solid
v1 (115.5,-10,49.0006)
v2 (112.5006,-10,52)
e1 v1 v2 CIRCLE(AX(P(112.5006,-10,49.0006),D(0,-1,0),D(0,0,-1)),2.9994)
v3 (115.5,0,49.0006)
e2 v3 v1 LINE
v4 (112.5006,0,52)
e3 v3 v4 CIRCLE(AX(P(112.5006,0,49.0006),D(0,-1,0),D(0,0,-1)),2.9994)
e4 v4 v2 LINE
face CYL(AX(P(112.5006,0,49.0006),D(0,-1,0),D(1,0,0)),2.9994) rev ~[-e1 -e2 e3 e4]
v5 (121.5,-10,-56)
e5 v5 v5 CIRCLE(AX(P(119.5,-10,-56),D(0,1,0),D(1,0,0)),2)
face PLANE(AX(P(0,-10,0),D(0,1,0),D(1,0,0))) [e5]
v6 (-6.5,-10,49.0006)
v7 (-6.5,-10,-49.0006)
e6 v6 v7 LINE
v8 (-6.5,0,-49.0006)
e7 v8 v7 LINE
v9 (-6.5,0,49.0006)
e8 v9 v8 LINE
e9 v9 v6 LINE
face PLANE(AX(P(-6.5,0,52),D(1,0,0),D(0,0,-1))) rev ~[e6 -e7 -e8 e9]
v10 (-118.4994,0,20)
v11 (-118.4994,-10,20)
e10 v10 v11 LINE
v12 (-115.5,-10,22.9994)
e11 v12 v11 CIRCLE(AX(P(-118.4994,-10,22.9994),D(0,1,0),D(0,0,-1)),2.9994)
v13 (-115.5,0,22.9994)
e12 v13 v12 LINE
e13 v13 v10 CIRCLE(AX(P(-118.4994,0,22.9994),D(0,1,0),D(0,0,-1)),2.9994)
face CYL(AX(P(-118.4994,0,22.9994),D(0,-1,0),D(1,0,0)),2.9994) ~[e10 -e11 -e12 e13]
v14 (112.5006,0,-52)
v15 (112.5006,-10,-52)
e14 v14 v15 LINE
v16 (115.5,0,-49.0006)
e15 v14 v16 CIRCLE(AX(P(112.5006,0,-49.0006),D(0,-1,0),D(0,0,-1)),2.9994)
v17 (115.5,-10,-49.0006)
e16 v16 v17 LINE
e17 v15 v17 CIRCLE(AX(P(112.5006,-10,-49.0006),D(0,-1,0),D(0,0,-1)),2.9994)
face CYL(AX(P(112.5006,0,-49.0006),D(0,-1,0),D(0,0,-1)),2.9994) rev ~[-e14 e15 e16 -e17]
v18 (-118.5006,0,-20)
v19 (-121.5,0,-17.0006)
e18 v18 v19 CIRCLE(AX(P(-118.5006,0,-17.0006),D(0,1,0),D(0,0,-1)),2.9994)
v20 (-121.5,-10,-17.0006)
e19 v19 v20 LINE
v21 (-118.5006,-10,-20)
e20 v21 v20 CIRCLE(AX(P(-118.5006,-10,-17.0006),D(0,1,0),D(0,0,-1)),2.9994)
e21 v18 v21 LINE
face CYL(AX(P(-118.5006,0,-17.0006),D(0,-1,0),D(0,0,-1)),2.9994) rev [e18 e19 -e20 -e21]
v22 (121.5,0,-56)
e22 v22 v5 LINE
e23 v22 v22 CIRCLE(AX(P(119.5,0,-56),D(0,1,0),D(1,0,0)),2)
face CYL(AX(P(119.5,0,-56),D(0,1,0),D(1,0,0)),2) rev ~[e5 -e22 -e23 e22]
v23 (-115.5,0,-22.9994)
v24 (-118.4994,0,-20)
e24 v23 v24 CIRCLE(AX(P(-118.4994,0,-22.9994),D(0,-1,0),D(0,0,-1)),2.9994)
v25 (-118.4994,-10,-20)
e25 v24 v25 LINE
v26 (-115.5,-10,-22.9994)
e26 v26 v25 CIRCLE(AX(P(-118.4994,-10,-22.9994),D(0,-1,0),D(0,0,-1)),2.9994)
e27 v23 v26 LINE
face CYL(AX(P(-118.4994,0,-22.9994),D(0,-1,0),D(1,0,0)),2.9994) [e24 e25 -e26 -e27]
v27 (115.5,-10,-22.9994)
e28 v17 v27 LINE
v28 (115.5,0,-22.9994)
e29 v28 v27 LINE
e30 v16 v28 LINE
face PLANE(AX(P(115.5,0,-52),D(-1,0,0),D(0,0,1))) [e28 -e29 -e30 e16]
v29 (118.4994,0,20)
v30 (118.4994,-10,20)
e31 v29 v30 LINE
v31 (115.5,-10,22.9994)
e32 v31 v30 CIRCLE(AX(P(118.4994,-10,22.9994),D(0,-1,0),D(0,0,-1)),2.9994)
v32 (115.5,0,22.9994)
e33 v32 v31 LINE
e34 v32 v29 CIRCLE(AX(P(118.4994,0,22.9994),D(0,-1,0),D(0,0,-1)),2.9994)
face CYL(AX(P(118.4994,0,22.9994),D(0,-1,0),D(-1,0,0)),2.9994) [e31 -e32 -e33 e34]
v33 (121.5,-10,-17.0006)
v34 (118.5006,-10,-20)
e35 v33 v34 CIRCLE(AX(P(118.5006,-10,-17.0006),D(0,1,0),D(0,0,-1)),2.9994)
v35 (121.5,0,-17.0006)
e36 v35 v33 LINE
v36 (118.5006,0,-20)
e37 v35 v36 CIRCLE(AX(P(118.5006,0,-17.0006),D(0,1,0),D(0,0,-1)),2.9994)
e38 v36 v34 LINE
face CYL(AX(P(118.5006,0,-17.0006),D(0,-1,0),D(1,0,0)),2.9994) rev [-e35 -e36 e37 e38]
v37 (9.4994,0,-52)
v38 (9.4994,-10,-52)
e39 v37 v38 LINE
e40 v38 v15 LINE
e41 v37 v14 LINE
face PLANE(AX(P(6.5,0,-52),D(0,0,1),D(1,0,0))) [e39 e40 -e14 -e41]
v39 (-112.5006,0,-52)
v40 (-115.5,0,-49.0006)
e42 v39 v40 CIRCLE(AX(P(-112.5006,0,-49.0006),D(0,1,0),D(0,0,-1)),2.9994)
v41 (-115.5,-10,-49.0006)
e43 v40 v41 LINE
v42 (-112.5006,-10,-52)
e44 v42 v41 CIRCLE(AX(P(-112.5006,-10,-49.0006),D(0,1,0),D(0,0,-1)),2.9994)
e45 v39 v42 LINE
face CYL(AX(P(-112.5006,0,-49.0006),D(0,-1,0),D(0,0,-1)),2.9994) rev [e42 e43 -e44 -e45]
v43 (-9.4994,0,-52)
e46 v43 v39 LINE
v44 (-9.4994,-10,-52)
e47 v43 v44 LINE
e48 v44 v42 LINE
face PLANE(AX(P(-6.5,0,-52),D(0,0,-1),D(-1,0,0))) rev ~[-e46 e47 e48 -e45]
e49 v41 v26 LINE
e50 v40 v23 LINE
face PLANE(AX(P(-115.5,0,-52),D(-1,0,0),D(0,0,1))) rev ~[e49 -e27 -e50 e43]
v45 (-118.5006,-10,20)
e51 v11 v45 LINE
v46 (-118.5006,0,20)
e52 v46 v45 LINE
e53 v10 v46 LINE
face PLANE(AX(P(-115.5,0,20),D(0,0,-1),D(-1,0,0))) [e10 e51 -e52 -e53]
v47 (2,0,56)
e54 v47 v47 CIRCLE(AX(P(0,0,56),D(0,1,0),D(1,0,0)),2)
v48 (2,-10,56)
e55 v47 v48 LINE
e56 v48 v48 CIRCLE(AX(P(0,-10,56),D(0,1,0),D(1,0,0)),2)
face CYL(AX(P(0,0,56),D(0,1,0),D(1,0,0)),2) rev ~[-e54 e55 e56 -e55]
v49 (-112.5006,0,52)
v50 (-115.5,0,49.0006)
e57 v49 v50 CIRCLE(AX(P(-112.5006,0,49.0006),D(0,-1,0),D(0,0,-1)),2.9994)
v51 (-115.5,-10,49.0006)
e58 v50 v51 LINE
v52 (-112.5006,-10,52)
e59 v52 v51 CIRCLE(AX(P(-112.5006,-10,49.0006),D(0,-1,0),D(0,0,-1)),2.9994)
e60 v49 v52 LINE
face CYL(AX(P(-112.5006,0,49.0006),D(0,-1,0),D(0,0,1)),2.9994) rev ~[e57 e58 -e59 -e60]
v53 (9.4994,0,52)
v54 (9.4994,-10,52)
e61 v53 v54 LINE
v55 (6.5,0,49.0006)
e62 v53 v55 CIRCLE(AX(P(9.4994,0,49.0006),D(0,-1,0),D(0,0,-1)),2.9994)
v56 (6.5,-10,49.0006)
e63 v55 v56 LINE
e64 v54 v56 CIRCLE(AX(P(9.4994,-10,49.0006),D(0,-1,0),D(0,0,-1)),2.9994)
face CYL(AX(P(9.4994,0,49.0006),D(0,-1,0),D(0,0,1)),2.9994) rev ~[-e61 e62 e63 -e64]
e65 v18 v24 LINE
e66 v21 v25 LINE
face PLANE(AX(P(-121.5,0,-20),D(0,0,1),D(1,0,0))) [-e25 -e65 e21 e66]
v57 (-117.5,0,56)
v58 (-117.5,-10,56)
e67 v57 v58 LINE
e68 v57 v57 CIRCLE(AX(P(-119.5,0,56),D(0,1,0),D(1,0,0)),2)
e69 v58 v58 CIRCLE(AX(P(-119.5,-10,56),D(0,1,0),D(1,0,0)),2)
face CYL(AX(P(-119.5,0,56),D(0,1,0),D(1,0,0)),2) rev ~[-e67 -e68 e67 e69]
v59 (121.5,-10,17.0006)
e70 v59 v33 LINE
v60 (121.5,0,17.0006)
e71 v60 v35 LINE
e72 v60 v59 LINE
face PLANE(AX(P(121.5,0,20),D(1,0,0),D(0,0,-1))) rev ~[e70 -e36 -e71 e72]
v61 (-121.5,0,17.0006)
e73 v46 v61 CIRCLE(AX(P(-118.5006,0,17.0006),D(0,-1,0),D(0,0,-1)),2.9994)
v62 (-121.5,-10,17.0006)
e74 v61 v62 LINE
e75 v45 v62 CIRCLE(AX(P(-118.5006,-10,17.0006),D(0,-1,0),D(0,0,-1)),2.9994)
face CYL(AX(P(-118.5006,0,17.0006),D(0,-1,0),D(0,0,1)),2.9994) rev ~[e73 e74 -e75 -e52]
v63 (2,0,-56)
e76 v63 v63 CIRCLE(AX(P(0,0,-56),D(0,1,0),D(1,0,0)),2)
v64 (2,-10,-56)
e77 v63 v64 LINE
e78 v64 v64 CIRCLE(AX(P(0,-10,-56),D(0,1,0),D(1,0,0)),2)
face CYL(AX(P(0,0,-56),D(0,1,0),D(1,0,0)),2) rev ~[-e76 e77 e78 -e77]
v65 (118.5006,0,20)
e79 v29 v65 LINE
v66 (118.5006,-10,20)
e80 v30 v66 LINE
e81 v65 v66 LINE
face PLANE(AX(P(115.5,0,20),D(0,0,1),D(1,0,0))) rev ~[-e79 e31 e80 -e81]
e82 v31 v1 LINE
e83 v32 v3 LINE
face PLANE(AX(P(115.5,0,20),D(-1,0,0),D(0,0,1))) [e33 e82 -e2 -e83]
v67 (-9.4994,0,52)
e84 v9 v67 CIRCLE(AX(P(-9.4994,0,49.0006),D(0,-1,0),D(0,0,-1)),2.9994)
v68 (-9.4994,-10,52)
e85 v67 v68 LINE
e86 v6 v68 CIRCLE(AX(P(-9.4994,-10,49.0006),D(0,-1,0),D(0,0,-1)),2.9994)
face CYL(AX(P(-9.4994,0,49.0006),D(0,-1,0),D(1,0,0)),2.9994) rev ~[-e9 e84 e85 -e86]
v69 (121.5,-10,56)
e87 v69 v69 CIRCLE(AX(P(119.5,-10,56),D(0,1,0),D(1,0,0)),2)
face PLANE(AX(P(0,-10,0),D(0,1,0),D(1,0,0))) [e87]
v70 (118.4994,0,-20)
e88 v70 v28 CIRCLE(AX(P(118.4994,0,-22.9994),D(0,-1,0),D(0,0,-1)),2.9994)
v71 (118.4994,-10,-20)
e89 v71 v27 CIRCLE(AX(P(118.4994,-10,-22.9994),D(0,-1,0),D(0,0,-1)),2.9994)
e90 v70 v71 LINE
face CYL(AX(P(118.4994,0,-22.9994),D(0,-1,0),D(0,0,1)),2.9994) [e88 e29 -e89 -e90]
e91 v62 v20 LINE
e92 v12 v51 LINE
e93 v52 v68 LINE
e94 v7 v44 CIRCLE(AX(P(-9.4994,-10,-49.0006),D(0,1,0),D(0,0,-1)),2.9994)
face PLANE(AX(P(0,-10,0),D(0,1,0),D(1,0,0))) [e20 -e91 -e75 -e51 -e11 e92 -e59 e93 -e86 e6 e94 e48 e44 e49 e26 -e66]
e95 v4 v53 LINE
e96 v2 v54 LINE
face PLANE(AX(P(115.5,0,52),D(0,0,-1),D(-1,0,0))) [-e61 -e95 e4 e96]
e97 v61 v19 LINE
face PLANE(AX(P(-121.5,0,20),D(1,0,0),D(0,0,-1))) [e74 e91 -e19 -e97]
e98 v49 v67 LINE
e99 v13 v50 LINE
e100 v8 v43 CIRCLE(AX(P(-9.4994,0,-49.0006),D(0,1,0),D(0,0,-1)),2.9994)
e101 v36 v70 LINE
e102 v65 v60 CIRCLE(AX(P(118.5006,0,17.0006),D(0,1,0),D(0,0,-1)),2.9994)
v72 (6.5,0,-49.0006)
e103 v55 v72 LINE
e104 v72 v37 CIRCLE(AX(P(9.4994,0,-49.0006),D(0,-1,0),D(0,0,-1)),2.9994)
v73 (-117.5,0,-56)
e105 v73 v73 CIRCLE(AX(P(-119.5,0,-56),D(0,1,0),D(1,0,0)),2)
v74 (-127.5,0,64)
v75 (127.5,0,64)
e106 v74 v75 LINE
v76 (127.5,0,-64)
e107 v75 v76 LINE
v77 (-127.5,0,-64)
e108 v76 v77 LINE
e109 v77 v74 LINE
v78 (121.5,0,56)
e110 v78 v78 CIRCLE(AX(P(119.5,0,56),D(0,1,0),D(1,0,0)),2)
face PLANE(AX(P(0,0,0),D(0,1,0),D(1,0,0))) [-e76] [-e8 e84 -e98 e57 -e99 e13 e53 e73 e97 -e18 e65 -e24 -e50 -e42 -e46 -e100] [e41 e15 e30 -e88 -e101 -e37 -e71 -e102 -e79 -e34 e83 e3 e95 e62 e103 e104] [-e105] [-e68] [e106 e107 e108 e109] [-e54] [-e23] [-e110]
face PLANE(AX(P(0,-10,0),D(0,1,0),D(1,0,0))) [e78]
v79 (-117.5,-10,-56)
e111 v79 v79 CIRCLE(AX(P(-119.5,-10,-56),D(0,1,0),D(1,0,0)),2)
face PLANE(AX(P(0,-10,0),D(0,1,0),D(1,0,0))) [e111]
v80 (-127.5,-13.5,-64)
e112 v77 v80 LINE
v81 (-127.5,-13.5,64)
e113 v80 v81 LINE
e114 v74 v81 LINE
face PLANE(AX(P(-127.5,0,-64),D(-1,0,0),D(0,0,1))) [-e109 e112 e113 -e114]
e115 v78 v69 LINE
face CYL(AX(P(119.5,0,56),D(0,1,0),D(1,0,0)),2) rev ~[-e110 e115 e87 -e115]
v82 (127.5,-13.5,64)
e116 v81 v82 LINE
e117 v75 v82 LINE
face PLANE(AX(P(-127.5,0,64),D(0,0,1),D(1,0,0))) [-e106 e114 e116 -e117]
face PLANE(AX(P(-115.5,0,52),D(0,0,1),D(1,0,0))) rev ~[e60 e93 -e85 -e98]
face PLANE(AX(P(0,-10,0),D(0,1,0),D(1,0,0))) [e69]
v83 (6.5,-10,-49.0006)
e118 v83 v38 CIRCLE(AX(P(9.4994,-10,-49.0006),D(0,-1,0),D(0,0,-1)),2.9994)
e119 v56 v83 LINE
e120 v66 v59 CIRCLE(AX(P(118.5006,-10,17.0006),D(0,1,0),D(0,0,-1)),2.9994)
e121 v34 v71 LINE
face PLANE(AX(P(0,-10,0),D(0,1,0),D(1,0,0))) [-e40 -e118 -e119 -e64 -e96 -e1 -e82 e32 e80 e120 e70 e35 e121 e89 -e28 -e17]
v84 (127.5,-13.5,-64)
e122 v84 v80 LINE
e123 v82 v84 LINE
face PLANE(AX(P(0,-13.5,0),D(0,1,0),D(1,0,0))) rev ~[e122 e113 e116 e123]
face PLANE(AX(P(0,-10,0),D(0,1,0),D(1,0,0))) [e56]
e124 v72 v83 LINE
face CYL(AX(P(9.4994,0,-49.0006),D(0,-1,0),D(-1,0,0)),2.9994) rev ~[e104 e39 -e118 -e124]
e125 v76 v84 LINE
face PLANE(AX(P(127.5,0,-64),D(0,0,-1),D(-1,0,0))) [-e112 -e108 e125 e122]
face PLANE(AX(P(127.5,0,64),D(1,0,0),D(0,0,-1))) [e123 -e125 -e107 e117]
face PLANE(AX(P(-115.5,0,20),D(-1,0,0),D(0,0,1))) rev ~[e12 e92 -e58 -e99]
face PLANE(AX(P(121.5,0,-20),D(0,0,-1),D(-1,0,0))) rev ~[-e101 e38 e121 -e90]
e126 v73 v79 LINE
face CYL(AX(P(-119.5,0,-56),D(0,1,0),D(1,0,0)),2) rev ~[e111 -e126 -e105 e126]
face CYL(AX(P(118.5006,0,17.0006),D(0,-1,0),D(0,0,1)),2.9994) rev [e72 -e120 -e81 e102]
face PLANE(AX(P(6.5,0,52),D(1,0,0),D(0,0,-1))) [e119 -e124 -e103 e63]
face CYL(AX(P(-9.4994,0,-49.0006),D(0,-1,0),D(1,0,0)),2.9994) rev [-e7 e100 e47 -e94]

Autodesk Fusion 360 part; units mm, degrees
sketch "Sketch1" plane through (0, 0, 0) normal (0, 1, 0) x (1, 0, 0)
  line L0 (-127.5, -64) -> (127.5, -64)
  line L1 (127.5, -64) -> (127.5, 64)
  line L2 (127.5, 64) -> (-127.5, 64)
  line L3 (-127.5, 64) -> (-127.5, -64)
  line L4 (127.5, 0) -> (0, 0) construction
  line L5 (0, 0) -> (0, -64) construction
  circle A0 centre (0, -56) radius 2
  circle A1 centre (119.5, -56) radius 2
  circle A2 centre (119.5, 56) radius 2
  circle A3 centre (0, 56) radius 2
  line L6 (119.5, -56) -> (119.5, 56) construction
  circle A4 centre (-119.5, -56) radius 2
  circle A5 centre (-119.5, 56) radius 2
  line L7 (115.5, -52) -> (6.5, -52)
  line L8 (6.5, -52) -> (6.5, 52)
  line L9 (6.5, 52) -> (115.5, 52)
  line L10 (115.5, 52) -> (115.5, -52)
  line L11 (-6.5, 52) -> (-115.5, 52)
  line L12 (-115.5, 52) -> (-115.5, -52)
  line L13 (-115.5, -52) -> (-6.5, -52)
  line L14 (-6.5, -52) -> (-6.5, 52)
  line L15 (115.5, -20) -> (121.5, -20)
  line L16 (121.5, -20) -> (121.5, 20)
  line L17 (121.5, 20) -> (115.5, 20)
  line L18 (121.5, 0) -> (127.5, 0) construction
  line L19 (-115.5, -20) -> (-121.5, -20)
  line L20 (-121.5, -20) -> (-121.5, 20)
  line L21 (-121.5, 20) -> (-115.5, 20)
  dimension "d4" = 255
  dimension "d5" = 128
  dimension "d8" = 4
  dimension "d9" = 8
  dimension "d10" = 4
  dimension "d11" = 8
  dimension "d12" = 8
  dimension "d13" = 12
  dimension "d14" = 12
  dimension "d15" = 6.5
  dimension "d16" = 12
  dimension "d21" = 40
  dimension "d23" = 6
extrude "Extrude1" add sketch "Sketch1" against normal blind 13.5 contours L0 L1 L2 L3 | A0 | A1 | A2 | A3 | A4 | A5 | L7 L8 L9 L10 | L10 L15 L16 L17 | L11 L12 L13 L14 | L12 L19 L20 L21
extrude "Extrude2" cut sketch "Sketch1" against normal blind 10 contours L7 L8 L9 L10 | L10 L15 L16 L17 | L11 L12 L13 L14 | L12 L19 L20 L21
extrude "Extrude3" cut sketch "Sketch1" against normal blind 10 contours A0 | A1 | A2 | A3 | A4 | A5
fillet "Fillet1" radius 3 16 edges at (115.5, -5, -52) (6.5, -5, -52) (6.5, -5, 52) (115.5, -5, 52) (115.5, -5, 20) (121.5, -5, 20) (121.5, -5, -20) (115.5, -5, -20) (-6.5, -5, 52) (-6.5, -5, -52) (-115.5, -5, -52) (-115.5, -5, -20) (-121.5, -5, -20) (-121.5, -5, 20) (-115.5, -5, 20) (-115.5, -5, 52)
equation "matrixWidth = 128 mm"
equation "matrixLength = 255 mm"
equation "matrixThickness = 13.5 mm"
equation "d4 = matrixLength"
equation "d5 = matrixWidth"
equation "d6 = -matrixThickness"
equation "d8 = mHole"
equation "d9 = HoleDist"
equation "d10 = mHole"
equation "d11 = HoleDist"
equation "d12 = HoleDist"
equation "mHole = 4 mm"
equation "HoleDist = 8 mm"
